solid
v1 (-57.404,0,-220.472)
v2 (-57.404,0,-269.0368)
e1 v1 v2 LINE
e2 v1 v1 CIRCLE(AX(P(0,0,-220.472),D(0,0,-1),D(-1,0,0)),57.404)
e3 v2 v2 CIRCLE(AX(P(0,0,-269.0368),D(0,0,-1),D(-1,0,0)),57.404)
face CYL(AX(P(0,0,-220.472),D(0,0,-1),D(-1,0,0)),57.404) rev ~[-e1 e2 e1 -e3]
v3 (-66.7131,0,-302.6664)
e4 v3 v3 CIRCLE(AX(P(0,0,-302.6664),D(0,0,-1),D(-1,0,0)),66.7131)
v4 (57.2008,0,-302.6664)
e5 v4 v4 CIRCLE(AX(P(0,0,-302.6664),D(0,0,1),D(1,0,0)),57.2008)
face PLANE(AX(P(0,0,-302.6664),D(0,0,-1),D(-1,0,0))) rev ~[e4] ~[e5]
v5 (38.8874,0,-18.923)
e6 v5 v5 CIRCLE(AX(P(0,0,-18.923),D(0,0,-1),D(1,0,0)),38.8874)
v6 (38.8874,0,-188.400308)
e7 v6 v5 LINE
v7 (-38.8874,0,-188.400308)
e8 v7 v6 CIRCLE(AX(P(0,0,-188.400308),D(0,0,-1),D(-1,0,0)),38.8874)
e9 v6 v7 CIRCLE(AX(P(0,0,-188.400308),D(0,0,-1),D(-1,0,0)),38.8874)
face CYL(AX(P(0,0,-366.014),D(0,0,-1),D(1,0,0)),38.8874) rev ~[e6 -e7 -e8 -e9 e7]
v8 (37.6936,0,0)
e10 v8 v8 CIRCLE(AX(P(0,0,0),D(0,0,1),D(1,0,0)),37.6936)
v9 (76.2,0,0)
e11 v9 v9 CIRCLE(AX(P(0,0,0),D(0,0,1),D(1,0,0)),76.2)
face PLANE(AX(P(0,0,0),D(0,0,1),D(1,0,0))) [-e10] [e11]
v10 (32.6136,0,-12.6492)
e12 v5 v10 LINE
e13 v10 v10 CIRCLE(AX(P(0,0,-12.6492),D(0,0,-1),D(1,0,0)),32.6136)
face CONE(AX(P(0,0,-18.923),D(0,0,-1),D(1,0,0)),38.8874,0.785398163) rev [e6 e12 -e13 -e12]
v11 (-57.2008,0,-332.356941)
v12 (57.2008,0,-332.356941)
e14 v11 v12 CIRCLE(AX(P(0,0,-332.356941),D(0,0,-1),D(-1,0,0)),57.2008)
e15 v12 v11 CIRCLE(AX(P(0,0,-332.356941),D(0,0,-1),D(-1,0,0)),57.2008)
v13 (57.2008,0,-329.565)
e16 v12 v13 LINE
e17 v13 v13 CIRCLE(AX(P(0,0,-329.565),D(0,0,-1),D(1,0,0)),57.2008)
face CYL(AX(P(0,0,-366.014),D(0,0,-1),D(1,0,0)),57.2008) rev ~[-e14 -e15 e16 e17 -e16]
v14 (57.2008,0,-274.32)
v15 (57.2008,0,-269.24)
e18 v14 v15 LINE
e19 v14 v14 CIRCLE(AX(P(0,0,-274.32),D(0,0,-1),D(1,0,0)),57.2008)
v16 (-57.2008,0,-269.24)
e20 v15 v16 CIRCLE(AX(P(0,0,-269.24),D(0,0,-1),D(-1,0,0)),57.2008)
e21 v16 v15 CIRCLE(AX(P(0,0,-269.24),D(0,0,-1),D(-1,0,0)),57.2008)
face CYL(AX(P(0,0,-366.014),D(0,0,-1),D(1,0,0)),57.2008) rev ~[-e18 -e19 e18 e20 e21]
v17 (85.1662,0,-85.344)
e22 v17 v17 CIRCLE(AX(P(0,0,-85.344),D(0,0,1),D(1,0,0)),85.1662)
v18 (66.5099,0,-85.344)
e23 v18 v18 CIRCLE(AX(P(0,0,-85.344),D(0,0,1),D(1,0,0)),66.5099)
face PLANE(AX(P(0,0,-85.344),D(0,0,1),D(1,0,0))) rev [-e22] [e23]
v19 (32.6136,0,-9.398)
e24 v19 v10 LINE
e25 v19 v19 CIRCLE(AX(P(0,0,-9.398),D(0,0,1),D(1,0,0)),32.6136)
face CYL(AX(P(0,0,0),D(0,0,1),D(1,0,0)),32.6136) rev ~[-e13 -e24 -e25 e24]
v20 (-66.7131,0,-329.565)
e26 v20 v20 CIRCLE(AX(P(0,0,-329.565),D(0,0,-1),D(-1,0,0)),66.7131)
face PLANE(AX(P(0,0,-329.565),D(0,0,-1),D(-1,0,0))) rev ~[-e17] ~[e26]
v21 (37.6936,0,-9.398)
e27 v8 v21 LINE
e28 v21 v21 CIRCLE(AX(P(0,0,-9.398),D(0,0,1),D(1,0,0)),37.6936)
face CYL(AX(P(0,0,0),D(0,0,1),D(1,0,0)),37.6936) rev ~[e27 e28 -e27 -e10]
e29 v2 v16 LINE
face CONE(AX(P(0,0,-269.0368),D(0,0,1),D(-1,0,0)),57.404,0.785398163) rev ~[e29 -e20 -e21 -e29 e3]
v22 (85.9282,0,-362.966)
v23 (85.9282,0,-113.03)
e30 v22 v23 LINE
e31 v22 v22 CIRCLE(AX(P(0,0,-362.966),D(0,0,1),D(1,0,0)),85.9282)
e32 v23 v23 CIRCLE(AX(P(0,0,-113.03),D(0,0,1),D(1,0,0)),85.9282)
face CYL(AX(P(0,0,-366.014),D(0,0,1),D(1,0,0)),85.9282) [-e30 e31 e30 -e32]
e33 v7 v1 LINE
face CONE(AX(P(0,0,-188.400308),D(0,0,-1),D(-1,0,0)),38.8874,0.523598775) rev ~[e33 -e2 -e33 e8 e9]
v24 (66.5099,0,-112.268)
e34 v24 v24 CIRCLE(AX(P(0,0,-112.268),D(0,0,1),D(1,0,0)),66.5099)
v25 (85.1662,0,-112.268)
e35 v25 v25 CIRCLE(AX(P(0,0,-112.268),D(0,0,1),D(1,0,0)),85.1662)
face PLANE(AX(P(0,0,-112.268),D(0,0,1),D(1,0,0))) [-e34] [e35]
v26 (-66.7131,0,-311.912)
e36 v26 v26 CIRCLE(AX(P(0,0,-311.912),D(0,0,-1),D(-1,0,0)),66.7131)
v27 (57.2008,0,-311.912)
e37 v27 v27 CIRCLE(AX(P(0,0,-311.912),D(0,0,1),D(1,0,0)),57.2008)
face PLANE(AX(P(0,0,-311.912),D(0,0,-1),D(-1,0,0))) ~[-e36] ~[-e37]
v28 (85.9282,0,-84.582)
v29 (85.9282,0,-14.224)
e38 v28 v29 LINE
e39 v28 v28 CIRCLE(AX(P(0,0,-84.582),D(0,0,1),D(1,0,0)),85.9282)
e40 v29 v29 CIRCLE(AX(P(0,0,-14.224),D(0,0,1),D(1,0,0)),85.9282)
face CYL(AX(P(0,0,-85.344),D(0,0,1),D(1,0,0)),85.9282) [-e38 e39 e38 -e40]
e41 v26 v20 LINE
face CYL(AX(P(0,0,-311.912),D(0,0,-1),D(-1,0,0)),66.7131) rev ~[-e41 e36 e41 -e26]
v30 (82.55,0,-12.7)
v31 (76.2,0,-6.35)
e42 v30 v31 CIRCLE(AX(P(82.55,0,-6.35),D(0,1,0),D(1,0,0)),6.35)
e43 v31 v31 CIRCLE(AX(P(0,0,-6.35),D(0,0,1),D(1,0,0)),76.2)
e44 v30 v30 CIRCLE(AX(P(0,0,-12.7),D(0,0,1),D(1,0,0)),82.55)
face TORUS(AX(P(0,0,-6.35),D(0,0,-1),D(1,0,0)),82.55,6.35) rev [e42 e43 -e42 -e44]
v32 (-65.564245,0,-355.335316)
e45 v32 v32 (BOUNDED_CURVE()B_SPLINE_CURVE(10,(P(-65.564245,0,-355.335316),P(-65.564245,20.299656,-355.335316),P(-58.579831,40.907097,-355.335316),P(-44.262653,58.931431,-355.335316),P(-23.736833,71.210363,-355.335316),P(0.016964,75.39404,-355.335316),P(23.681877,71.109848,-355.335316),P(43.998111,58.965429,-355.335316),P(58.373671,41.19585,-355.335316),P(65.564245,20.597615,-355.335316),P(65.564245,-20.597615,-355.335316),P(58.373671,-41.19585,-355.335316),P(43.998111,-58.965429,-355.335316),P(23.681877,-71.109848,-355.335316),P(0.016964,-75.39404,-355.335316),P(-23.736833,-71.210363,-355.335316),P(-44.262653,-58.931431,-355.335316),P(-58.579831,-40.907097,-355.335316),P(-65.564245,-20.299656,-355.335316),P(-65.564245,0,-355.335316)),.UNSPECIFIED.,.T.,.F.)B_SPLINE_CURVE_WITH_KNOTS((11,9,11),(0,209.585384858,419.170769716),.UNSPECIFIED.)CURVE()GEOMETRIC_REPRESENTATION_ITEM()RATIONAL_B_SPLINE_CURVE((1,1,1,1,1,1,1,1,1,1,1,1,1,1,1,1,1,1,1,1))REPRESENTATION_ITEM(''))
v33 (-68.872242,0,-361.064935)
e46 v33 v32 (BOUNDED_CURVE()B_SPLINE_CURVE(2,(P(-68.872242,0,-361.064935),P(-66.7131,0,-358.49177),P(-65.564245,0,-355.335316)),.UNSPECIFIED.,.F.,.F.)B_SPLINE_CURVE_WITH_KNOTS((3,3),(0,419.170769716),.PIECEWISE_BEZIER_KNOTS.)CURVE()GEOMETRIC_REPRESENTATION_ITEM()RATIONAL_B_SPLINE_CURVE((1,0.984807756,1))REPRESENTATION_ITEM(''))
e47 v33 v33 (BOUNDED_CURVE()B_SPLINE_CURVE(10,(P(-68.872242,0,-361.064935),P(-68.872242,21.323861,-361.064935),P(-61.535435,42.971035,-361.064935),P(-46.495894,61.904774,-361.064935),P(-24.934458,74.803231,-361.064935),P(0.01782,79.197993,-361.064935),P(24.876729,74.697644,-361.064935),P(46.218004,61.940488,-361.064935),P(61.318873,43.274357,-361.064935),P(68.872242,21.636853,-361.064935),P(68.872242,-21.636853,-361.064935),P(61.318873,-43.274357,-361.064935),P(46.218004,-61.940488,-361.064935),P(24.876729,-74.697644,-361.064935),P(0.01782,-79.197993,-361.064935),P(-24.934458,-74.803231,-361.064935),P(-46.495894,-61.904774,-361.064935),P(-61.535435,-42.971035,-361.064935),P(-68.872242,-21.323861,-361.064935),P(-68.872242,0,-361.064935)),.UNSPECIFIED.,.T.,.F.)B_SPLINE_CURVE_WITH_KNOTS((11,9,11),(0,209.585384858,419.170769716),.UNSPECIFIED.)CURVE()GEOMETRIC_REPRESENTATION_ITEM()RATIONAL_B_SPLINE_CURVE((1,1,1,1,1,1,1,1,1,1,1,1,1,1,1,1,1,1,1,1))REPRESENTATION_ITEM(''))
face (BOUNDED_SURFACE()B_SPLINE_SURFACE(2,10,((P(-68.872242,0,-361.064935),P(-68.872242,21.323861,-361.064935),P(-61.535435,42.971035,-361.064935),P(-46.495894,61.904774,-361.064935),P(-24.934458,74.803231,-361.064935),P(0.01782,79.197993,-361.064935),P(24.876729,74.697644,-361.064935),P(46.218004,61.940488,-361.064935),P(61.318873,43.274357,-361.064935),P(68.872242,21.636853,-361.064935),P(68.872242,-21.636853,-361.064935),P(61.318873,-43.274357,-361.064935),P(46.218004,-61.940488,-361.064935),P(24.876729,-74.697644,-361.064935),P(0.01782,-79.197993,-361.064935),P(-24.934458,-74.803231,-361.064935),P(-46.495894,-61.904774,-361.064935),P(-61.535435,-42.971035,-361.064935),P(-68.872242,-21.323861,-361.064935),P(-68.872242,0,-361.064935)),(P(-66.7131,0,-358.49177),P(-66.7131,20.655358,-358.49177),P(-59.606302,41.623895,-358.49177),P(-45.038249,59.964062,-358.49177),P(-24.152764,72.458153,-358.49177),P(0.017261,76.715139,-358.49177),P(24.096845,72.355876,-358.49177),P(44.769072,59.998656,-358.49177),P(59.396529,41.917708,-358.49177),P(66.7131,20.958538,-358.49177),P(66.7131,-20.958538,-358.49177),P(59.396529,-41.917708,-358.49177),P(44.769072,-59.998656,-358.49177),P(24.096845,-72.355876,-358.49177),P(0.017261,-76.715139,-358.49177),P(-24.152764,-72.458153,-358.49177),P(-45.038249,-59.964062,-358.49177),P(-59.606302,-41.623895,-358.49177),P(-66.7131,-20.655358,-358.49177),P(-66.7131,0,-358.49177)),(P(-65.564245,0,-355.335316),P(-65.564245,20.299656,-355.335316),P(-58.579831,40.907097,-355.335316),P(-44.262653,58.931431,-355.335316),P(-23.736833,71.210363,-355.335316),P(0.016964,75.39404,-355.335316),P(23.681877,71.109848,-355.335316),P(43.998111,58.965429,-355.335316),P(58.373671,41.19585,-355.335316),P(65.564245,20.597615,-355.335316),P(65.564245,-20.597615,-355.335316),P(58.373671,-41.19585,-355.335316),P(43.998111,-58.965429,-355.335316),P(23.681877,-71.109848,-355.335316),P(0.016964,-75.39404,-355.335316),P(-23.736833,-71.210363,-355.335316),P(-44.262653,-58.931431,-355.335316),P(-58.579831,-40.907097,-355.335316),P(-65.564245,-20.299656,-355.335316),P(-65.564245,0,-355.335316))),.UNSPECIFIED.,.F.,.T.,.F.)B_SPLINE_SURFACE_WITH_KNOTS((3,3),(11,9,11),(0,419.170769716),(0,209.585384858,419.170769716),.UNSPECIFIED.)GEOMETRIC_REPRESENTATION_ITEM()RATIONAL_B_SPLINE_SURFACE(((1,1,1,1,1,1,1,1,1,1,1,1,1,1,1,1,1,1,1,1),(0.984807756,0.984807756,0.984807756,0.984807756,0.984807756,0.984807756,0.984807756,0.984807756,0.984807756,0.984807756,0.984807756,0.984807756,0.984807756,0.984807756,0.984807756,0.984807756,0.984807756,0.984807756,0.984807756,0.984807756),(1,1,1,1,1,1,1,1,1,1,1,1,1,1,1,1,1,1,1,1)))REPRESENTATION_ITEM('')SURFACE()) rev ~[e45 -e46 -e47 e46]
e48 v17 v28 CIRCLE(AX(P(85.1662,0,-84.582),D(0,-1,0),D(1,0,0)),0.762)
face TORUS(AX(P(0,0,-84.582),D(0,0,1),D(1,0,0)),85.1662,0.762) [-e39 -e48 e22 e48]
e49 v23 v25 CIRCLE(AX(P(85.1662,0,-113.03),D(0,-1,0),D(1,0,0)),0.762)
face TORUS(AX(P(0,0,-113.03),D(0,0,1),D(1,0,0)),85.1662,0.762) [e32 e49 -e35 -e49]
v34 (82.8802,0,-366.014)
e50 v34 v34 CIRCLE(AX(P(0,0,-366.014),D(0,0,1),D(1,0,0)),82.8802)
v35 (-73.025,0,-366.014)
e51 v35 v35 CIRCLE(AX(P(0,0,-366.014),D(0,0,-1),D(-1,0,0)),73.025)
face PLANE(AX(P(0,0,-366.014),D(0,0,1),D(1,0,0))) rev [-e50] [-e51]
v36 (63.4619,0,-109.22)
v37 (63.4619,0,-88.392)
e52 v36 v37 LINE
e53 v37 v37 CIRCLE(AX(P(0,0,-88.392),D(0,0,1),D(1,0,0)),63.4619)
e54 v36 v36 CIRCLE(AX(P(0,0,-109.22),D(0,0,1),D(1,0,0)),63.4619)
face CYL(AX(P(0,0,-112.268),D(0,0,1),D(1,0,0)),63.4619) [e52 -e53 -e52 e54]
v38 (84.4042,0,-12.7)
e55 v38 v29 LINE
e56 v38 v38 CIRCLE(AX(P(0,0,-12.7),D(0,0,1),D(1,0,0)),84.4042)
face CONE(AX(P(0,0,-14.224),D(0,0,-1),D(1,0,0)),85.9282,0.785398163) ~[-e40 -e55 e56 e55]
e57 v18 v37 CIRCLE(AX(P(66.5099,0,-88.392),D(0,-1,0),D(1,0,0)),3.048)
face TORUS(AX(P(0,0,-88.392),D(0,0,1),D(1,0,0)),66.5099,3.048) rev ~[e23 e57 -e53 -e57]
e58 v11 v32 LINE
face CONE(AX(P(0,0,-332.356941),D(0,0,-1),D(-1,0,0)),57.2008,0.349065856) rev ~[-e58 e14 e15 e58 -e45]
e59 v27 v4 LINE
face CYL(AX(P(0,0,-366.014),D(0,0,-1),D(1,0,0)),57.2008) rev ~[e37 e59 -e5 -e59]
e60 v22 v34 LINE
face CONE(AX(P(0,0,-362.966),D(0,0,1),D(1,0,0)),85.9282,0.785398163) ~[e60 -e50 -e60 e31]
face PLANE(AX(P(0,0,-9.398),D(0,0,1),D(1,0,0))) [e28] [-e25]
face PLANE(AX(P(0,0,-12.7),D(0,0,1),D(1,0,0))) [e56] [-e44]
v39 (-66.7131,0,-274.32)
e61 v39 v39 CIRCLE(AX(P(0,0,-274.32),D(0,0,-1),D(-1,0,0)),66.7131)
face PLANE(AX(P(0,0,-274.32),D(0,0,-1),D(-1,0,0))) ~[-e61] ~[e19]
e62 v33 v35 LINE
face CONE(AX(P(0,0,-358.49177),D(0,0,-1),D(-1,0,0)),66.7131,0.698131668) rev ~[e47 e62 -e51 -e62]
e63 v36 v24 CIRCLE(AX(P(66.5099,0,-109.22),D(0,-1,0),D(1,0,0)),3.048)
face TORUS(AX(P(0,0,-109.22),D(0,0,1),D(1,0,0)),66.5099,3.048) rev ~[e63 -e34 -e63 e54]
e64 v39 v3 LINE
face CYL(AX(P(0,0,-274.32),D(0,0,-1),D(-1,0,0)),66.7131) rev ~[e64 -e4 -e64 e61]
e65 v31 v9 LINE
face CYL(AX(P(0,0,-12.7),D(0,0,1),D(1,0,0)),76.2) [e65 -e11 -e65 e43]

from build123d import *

# Parameters (mm, degrees)
F2_R      = 6.35
F3_SIZE2  = 1.524
F3_SIZE   = 1.524
F4_R      = 32.6136
F5_DEPTH  = 366.015
F6_R      = 57.2008
F6_R_2    = 32.6136
F7_DEPTH  = 145.542
F8_R      = 37.6936
F8_R_2    = 32.6136
F9_DEPTH  = 9.398
F10_R     = 38.8874
F11_DEPTH = 347.091
F18_R     = 3.048
F19_SIZE2 = 3.048
F19_SIZE  = 3.048
F20_R     = 19.05
F21_R     = 0.762


with BuildPart() as f1:
    # F0 (on Front) → F1 (revolve)
    with BuildSketch(Plane.XZ):
        Polygon((76.2, 0), (0, 0), (0, -366.014), (85.9282, -366.014), (85.9282, -112.268), (63.4619, -112.268), (63.4619, -85.344), (85.9282, -85.344), (85.9282, -12.7), (76.2, -12.7), align=None)
    revolve(axis=Axis((0, 0, -183.007), (0, 0, 1)))

    # F2
    f2_edges = [f1.edges().sort_by_distance(p)[0] for p in [
        (-76.2, 0, -12.7),
    ]]
    fillet(f2_edges, radius=F2_R)

    # F3
    f3_edges = [f1.edges().sort_by_distance(p)[0] for p in [
        (-85.9282, 0, -12.7),
    ]]
    chamfer(f3_edges, length=F3_SIZE, length2=F3_SIZE2)

    # F4 (on face) → F5 (cut, through all)
    with BuildSketch(Plane.XY):
        Circle(F4_R)
    extrude(amount=-F5_DEPTH, mode=Mode.SUBTRACT)

    # F6 (on face) → F7 (cut)
    with BuildSketch(Plane(origin=(0, 0, -366.014), x_dir=(1, 0, 0), z_dir=(0, 0, -1))):
        Circle(F6_R)
        Circle(F6_R_2, mode=Mode.SUBTRACT)
    extrude(amount=-F7_DEPTH, mode=Mode.SUBTRACT)

    # F8 (on face) → F9 (cut)
    with BuildSketch(Plane.XY):
        Circle(F8_R)
        Circle(F8_R_2, mode=Mode.SUBTRACT)
    extrude(amount=-F9_DEPTH, mode=Mode.SUBTRACT)

    # F10 (on face) → F11 (cut)
    with BuildSketch(Plane(origin=(0, 0, -366.014), x_dir=(1, 0, 0), z_dir=(0, 0, -1))):
        Circle(F10_R)
    extrude(amount=-F11_DEPTH, mode=Mode.SUBTRACT)

    # F12 (on Front) → F13 (revolve, cut)
    with BuildSketch(Plane.XZ):
        Polygon((-66.7131, -358.49177), (-73.025, -366.014), (-57.2008, -366.014), (-57.2008, -332.356941), align=None)
    revolve(axis=Axis((0, 0, -226.63675), (0, 0, -1)), mode=Mode.SUBTRACT)

    # F14 (on Front) → F15 (revolve, cut)
    with BuildSketch(Plane.XZ):
        Polygon((-66.7131, -329.565), (0, -329.565), (0, -220.472), (0, -162.814), (-38.8874, -162.814), (-38.8874, -188.400308), (-57.404, -220.472), (-57.404, -269.0368), (-57.2008, -269.24), (-57.2008, -274.32), (-66.7131, -274.32), (-66.7131, -302.6664), (-57.2008, -302.6664), (-57.2008, -311.912), (-66.7131, -311.912), align=None)
    revolve(axis=Axis((0, 0, -277.603457), (0, 0, -1)), mode=Mode.SUBTRACT)

    # F16 (on Front) → F17 (revolve, cut)
    with BuildSketch(Plane.XZ):
        Polygon((0, -18.923), (38.8874, -18.923), (32.6136, -12.6492), (0, -12.6492), align=None)
    revolve(axis=Axis((0, 0, -8.811791), (0, 0, -1)), mode=Mode.SUBTRACT)

    # F18
    f18_edges = [f1.edges().sort_by_distance(p)[0] for p in [
        (-63.4619, 0, -112.268),
        (-63.4619, 0, -85.344),
    ]]
    fillet(f18_edges, radius=F18_R)

    # F19
    f19_edges = [f1.edges().sort_by_distance(p)[0] for p in [
        (-85.9282, 0, -366.014),
    ]]
    chamfer(f19_edges, length=F19_SIZE, length2=F19_SIZE2)

    # F20
    f20_edges = [f1.edges().sort_by_distance(p)[0] for p in [
        (66.7131, 0, -358.49177),
    ]]
    fillet(f20_edges, radius=F20_R)

    # F21
    f21_edges = [f1.edges().sort_by_distance(p)[0] for p in [
        (-85.9282, 0, -112.268),
        (-85.9282, 0, -85.344),
    ]]
    fillet(f21_edges, radius=F21_R)


solid = f1.part
